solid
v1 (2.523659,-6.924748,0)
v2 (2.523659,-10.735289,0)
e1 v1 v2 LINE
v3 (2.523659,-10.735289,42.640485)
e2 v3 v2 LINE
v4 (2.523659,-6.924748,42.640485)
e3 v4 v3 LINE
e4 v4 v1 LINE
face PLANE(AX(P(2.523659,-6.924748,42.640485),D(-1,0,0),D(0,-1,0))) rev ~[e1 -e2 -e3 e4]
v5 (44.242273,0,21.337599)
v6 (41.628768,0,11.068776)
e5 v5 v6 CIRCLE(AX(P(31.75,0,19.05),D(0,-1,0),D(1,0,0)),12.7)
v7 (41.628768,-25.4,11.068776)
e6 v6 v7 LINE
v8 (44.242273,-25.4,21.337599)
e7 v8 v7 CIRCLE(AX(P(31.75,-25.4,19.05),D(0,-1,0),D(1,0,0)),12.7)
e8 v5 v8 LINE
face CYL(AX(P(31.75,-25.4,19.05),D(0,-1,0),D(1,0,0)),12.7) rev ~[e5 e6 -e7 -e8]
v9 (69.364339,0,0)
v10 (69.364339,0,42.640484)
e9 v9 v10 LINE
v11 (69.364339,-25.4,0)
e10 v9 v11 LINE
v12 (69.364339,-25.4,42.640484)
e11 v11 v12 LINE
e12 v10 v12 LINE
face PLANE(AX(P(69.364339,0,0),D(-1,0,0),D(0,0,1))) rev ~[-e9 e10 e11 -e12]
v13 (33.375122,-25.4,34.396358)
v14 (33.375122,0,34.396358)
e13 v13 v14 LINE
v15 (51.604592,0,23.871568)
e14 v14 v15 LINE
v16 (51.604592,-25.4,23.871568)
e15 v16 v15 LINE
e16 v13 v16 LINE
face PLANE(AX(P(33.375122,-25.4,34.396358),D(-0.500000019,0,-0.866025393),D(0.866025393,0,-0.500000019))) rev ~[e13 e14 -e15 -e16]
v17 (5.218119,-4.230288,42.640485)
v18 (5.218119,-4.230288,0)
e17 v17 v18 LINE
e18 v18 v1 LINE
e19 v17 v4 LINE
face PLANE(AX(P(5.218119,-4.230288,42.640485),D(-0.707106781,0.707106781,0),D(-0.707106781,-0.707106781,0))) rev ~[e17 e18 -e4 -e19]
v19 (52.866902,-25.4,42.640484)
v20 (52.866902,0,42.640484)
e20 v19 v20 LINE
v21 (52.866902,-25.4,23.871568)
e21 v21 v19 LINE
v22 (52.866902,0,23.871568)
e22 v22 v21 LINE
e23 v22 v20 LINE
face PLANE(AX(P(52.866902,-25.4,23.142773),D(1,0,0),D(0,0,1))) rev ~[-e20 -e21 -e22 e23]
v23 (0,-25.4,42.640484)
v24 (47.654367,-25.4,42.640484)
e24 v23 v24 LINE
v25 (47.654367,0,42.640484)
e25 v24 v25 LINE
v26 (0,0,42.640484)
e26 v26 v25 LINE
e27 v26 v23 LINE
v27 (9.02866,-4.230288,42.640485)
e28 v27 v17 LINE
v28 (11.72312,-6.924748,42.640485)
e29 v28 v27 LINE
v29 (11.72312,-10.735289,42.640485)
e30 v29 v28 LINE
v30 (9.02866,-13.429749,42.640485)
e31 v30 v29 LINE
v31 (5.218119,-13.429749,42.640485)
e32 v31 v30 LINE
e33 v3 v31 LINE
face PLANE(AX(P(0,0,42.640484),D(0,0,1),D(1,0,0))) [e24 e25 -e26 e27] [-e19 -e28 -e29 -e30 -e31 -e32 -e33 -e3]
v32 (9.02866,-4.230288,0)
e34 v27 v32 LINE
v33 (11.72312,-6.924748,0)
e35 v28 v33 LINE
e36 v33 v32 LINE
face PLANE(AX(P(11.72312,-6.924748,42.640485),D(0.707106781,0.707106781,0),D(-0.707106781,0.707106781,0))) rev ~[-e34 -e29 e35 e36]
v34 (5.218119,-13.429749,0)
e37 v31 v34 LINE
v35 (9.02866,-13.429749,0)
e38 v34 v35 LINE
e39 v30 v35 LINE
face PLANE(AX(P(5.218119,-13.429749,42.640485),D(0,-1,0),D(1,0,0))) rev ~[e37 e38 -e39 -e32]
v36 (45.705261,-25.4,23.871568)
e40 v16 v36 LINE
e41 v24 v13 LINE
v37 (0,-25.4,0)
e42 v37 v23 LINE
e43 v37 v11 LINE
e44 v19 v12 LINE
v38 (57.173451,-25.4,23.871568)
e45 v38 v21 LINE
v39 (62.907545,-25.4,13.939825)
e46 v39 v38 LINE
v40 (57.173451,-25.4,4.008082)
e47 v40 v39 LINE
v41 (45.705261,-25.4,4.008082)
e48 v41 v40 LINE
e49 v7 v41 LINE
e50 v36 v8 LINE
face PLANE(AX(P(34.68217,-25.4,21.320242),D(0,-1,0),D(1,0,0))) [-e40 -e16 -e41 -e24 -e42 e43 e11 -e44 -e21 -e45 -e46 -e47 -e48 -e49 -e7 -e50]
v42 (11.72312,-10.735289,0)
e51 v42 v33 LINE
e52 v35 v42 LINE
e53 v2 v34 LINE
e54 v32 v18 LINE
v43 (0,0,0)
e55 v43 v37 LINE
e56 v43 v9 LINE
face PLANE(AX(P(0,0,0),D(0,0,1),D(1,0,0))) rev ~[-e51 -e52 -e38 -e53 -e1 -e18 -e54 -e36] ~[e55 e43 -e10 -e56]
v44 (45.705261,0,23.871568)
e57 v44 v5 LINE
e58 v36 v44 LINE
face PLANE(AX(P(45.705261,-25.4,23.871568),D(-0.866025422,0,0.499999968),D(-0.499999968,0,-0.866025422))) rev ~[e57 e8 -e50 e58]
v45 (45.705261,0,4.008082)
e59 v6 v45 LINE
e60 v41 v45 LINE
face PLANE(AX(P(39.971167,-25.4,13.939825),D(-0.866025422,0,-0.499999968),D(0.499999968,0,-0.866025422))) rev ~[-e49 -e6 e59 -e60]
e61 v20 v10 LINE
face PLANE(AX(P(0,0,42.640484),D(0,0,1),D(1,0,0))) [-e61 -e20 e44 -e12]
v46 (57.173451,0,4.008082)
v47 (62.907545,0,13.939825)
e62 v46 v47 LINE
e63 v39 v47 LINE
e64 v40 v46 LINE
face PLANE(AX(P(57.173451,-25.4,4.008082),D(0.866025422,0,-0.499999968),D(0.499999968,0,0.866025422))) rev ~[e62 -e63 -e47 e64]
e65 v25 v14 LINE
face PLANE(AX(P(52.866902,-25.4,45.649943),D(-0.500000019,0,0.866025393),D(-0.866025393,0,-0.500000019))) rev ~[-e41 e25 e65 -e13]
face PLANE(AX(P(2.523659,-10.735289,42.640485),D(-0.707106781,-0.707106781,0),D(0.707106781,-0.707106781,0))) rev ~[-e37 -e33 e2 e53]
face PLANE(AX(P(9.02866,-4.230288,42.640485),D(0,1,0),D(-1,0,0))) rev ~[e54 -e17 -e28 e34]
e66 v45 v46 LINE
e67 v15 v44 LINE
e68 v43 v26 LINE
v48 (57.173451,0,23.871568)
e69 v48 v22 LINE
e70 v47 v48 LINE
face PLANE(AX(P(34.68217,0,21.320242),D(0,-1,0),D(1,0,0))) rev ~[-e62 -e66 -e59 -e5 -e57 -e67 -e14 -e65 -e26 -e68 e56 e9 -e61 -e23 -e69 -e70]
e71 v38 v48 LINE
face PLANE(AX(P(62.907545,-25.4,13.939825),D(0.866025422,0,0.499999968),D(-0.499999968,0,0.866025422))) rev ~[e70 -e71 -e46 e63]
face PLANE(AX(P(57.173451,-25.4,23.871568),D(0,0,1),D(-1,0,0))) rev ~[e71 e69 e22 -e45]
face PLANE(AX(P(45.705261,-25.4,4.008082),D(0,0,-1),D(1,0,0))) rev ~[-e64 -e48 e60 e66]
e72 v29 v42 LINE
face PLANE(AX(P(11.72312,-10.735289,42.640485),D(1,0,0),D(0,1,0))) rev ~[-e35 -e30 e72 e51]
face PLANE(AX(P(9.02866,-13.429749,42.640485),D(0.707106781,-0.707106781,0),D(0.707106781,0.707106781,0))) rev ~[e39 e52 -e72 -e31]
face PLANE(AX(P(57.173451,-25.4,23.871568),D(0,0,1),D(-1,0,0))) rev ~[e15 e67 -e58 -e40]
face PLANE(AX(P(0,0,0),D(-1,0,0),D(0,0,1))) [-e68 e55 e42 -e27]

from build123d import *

# Parameters (mm, degrees)
F0_W     = 69.364339
F0_H     = 42.640485
F1_DEPTH = 25.4
F2_R     = 12.7
F3_DEPTH = 25.401
F4_DEPTH = 19.05
F6_DEPTH = 25.4
F8_DEPTH = 42.641485


with BuildPart() as f1:
    # F0 (on Front) → F1 (new body)
    with BuildSketch(Plane.XZ):
        with Locations((34.68217, 21.320242)):
            Rectangle(F0_W, F0_H)
    extrude(amount=F1_DEPTH)

    # F2 (on face) → F3 (cut, through all)
    with BuildSketch(Plane.XZ.offset(25.4)):
        with Locations((31.75, 19.05)):
            Circle(F2_R)
        Polygon((52.866902, 23.142773), (52.866902, 45.649943), (33.375122, 34.396358), align=None)
    extrude(amount=-F3_DEPTH, mode=Mode.SUBTRACT)

    # F2 (on face) → F4 (cut)
    with BuildSketch(Plane.XZ.offset(25.4)):
        with Locations((31.75, 19.05)):
            Circle(F2_R)
        Polygon((52.866902, 23.142773), (52.866902, 45.649943), (33.375122, 34.396358), align=None)
    extrude(amount=-F4_DEPTH, mode=Mode.SUBTRACT)

    # F5 (on face) → F6 (cut)
    with BuildSketch(Plane.XZ.offset(25.4)):
        Polygon((45.705261, 4.008082), (57.173451, 4.008082), (62.907545, 13.939825), (57.173451, 23.871568), (45.705261, 23.871568), (39.971167, 13.939825), align=None)
    extrude(amount=-F6_DEPTH, mode=Mode.SUBTRACT)

    # F7 (on face) → F8 (cut, through all)
    with BuildSketch(Plane.XY.offset(42.640485)):
        Polygon((5.218119, -13.429749), (9.02866, -13.429749), (11.72312, -10.735289), (11.72312, -6.924748), (9.02866, -4.230288), (5.218119, -4.230288), (2.523659, -6.924748), (2.523659, -10.735289), align=None)
    extrude(amount=-F8_DEPTH, mode=Mode.SUBTRACT)


solid = f1.part
